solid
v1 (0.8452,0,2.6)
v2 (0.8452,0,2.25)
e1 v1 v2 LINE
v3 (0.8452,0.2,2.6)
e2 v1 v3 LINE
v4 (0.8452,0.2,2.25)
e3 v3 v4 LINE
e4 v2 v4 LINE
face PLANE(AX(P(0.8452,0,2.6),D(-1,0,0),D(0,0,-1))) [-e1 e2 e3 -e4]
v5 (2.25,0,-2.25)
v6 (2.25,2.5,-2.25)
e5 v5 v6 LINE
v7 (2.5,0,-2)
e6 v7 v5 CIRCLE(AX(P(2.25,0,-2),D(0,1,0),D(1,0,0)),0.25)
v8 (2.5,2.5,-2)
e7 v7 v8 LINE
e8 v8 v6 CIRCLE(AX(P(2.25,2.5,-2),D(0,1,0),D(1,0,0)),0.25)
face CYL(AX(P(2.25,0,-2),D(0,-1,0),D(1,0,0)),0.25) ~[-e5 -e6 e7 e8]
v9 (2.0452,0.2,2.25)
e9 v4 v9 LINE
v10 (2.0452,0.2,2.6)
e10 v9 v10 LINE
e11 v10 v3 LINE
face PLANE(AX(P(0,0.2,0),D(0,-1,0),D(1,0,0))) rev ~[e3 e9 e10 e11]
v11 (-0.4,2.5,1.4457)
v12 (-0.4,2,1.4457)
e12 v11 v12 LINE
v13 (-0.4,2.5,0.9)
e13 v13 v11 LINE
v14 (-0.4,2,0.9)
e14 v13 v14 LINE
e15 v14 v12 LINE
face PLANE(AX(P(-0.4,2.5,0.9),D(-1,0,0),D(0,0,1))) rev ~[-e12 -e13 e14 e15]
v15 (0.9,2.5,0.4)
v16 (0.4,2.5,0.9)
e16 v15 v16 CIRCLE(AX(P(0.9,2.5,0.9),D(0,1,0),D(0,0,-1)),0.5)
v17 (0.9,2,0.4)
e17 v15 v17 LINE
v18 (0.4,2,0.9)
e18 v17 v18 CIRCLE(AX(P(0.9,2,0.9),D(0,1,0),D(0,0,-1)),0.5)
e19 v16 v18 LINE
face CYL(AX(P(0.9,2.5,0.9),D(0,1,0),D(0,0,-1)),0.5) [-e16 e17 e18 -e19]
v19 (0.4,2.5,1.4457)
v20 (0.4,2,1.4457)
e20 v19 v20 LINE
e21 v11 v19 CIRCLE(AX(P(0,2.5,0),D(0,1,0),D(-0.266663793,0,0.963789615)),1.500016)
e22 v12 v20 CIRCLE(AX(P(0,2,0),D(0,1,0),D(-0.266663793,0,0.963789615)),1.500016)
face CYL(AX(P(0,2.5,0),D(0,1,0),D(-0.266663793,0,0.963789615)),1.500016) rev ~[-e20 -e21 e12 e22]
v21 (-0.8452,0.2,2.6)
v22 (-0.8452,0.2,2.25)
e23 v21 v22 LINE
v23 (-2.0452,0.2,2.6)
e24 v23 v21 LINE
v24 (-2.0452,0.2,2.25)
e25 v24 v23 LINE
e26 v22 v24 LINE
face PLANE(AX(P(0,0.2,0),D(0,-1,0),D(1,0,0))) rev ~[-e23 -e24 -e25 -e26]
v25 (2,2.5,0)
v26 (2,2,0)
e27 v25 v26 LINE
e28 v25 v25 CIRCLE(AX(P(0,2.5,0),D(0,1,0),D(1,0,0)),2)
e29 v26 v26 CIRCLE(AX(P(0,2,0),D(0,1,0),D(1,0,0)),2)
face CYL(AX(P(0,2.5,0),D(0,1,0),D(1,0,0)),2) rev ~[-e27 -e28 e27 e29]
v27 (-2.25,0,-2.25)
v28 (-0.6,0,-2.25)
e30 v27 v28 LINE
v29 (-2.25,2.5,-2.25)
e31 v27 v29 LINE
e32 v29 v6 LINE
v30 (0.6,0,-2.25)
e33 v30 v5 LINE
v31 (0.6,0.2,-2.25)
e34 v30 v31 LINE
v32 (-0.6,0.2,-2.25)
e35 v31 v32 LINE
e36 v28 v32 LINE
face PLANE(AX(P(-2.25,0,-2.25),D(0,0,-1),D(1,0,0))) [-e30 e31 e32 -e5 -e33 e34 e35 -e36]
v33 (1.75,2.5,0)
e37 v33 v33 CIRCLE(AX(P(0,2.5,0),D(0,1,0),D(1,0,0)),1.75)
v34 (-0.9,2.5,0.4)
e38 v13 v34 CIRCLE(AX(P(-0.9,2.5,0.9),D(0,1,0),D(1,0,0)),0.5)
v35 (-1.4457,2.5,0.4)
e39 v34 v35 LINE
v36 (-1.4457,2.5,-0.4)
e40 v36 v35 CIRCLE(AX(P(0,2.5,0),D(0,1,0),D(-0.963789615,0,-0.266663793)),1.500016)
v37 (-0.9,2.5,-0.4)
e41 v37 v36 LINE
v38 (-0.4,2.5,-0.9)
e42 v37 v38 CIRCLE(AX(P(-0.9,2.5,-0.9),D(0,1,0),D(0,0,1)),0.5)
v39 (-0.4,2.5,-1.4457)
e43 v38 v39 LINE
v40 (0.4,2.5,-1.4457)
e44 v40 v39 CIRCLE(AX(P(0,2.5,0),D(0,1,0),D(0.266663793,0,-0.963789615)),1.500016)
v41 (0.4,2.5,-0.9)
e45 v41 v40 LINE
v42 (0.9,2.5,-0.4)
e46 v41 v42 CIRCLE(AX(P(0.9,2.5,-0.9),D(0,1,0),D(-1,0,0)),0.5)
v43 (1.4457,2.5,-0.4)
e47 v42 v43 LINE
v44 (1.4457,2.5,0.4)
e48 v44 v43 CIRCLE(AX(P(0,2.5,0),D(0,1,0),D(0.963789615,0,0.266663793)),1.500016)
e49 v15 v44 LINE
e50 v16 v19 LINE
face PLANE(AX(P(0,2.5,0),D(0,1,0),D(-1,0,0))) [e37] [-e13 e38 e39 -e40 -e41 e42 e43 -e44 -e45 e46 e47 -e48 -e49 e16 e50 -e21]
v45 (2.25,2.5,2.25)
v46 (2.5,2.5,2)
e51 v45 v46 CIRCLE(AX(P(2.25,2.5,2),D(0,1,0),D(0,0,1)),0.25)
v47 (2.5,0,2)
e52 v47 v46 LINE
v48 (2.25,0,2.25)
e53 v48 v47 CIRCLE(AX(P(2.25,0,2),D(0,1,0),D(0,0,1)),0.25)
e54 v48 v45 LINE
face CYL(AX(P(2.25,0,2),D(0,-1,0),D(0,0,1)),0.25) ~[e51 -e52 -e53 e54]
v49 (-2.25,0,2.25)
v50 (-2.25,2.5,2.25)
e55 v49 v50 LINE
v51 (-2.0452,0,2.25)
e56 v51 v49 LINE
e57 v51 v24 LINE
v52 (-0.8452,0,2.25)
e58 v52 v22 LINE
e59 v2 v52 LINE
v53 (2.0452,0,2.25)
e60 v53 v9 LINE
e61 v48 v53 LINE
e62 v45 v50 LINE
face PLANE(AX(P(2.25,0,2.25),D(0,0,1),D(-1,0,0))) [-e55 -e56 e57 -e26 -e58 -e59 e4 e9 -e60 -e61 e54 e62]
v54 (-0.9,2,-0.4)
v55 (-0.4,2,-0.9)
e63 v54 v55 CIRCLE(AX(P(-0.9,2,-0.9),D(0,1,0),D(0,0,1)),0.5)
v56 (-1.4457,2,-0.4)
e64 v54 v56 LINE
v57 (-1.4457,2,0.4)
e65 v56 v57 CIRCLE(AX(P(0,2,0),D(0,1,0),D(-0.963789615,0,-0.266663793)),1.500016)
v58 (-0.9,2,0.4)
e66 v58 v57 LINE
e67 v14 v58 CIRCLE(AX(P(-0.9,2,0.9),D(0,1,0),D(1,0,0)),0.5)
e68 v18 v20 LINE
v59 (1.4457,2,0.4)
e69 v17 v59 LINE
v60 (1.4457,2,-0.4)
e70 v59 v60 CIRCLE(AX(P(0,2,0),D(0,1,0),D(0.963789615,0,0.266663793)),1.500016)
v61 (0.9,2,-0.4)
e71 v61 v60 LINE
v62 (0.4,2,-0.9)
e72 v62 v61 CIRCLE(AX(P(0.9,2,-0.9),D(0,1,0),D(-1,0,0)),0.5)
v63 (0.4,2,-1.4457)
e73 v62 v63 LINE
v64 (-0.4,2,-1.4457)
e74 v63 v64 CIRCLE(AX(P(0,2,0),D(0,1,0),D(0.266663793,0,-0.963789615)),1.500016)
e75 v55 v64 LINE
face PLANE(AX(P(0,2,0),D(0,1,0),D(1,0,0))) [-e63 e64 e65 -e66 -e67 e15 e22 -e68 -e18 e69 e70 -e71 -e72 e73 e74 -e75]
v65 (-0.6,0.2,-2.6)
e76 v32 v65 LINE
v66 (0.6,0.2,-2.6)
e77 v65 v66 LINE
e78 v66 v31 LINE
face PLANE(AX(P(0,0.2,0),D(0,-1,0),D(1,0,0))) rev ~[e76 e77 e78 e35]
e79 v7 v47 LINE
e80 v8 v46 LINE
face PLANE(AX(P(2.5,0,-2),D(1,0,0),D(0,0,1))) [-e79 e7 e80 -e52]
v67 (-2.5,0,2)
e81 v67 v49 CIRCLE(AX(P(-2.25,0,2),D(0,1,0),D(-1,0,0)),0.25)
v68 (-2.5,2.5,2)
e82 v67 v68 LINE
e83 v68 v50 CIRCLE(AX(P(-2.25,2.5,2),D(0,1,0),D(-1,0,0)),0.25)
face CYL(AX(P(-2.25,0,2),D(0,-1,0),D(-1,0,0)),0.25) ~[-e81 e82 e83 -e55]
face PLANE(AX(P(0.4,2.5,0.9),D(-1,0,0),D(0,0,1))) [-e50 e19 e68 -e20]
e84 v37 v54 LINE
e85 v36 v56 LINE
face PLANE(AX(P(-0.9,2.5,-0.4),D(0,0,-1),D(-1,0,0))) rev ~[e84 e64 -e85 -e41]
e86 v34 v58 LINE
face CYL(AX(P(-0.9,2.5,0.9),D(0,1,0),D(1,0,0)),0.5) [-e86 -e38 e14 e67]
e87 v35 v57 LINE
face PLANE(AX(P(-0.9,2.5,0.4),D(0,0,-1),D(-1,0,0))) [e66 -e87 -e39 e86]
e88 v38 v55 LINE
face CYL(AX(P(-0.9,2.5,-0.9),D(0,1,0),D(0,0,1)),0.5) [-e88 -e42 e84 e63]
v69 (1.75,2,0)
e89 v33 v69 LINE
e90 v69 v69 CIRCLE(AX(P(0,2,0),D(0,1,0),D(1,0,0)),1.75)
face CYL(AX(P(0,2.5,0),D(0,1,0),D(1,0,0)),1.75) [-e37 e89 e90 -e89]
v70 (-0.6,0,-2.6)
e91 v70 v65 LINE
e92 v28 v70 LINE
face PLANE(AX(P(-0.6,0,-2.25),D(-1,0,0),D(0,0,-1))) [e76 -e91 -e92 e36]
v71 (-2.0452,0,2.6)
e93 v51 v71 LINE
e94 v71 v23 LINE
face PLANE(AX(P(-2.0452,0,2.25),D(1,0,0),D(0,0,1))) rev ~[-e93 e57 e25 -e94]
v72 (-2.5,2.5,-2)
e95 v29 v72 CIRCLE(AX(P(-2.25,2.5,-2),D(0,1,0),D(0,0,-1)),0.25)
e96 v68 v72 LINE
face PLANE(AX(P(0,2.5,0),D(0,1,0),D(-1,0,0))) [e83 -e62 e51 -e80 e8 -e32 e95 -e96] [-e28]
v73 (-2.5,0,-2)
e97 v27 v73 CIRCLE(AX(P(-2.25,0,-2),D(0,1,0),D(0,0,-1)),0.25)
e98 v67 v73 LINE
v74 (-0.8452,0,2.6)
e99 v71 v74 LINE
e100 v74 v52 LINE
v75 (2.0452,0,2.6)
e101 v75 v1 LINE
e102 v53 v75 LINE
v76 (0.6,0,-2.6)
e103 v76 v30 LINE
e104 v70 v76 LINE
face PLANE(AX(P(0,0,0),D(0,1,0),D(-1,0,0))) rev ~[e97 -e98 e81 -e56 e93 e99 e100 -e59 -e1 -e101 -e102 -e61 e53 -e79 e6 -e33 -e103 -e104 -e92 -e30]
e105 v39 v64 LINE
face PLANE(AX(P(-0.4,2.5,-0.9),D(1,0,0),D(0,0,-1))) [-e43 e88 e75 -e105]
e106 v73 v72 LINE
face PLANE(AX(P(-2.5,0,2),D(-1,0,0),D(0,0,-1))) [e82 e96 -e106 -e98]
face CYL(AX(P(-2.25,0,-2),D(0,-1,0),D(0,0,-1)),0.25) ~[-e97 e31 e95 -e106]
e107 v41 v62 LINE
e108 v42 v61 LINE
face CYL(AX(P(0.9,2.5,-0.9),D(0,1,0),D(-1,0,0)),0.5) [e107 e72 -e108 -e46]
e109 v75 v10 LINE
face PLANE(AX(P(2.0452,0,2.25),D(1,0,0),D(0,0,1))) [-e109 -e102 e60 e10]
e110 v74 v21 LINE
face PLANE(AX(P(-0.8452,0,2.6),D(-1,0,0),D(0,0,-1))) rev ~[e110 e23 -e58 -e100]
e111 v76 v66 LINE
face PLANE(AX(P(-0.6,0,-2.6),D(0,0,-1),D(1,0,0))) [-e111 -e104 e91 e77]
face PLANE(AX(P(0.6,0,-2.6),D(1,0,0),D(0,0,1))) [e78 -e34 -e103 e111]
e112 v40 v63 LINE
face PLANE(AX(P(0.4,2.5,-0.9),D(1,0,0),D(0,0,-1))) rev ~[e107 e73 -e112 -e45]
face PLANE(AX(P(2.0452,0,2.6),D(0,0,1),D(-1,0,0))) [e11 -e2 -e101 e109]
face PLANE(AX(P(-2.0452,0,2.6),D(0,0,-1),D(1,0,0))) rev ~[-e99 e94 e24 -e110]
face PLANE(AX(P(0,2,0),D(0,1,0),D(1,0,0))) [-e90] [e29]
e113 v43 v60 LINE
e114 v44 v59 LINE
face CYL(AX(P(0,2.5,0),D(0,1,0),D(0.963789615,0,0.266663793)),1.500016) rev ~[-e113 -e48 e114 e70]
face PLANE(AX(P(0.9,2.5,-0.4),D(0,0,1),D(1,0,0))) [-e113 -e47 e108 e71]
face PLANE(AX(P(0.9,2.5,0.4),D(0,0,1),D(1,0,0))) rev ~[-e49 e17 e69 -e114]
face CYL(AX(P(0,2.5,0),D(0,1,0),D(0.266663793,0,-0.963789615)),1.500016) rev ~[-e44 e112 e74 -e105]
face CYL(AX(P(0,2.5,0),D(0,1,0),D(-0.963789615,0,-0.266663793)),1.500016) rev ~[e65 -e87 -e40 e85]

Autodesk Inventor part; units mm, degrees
ref_plane "YZ Plane" through (0, 0, 0) normal (1, 0, 0) x (0, 1, 0)
ref_plane "XZ Plane" through (0, 0, 0) normal (0, 1, 0) x (-1, 0, 0)
ref_plane "XY Plane" through (0, 0, 0) normal (0, 0, 1) x (1, 0, 0)
sketch "スケッチ1" plane through (0, 0, 0) normal (0, 1, 0) x (-1, 0, 0)
  line L0 (2.25, -2.25) -> (-2.25, -2.25)
  line L1 (-2.5, -2) -> (-2.5, 2)
  line L2 (-2.25, 2.25) -> (2.25, 2.25)
  line L3 (2.5, 2) -> (2.5, -2)
  line L4 (2.5, 0) -> (-2.5, 0) construction
  line L5 (0, -2.25) -> (0, 2.25) construction
  arc A0 (2.25, -2.25) -> (2.5, -2) centre (2.25, -2) ccw
  arc A1 (-2.5, -2) -> (-2.25, -2.25) centre (-2.25, -2) ccw
  arc A2 (-2.25, 2.25) -> (-2.5, 2) centre (-2.25, 2) ccw
  arc A3 (2.5, 2) -> (2.25, 2.25) centre (2.25, 2) ccw
  point P0 (0, 0)
  point P1 (2.5, -2.25)
  point P2 (-2.5, -2.25)
  point P3 (2.5, 2.25)
  dimension "d0" = 4.5
  dimension "d1" = 5
  dimension "d2" = 0.25
extrude "押し出し1" add sketch "スケッチ1" along normal blind 2.5
sketch "スケッチ2" plane through (0, 2.5, 0) normal (0, 1, 0) x (1, 0, 0)
  circle A0 centre (0, 0) radius 1.75
  circle A1 centre (0, 0) radius 2
  line L0 (1.5, 0) -> (0, 0) construction
  line L1 (0, 0) -> (0, 1.5) construction
  arc A2 (0.4, 1.4457) -> (-0.4, 1.4457) centre (0, 0) ccw
  arc A3 (1.4457, -0.4) -> (1.4457, 0.4) centre (0, 0) ccw
  arc A4 (0.4, 0.9) -> (0.9, 0.4) centre (0.9, 0.9) ccw
  line L2 (0.9, 0.4) -> (1.4457, 0.4)
  line L3 (0.4, 0.9) -> (0.4, 1.4457)
  arc A5 (-0.4, -1.4457) -> (0.4, -1.4457) centre (0, 0) ccw
  arc A6 (0.9, -0.4) -> (0.4, -0.9) centre (0.9, -0.9) ccw
  line L4 (0.9, -0.4) -> (1.4457, -0.4)
  line L5 (0.4, -0.9) -> (0.4, -1.4457)
  arc A7 (-1.4457, 0.4) -> (-1.4457, -0.4) centre (0, 0) ccw
  arc A8 (-0.9, 0.4) -> (-0.4, 0.9) centre (-0.9, 0.9) ccw
  line L6 (-0.9, 0.4) -> (-1.4457, 0.4)
  line L7 (-0.4, 0.9) -> (-0.4, 1.4457)
  line L8 (-0.4, -0.9) -> (-0.4, -1.4457)
  arc A9 (-0.4, -0.9) -> (-0.9, -0.4) centre (-0.9, -0.9) ccw
  line L9 (-0.9, -0.4) -> (-1.4457, -0.4)
  point P0 (0, -1.5)
  dimension "d5" = 0.8
  dimension "d6" = 0.8
  dimension "d7" = 1.5
  dimension "d8" = 0.5
  dimension "d9" = 3.5
  dimension "d10" = 4
extrude "押し出し2" cut sketch "スケッチ2" against normal blind 0.5
sketch "スケッチ3" plane through (0, 0, 0) normal (0, -1, 0) x (1, 0, 0)
  line L0 (2.25, -2.25) -> (-2.25, -2.25) construction
  line L1 (0.6, -2.25) -> (-0.6, -2.25)
  line L2 (-0.6, -2.25) -> (-0.6, -2.6)
  line L3 (-0.6, -2.6) -> (0.6, -2.6)
  line L4 (0.6, -2.6) -> (0.6, -2.25)
  line L5 (2.25, 2.25) -> (-2.25, 2.25) construction
  line L6 (-0.8452, 2.25) -> (-2.0452, 2.25)
  line L7 (-2.0452, 2.25) -> (-2.0452, 2.6)
  line L8 (-2.0452, 2.6) -> (-0.8452, 2.6)
  line L9 (-0.8452, 2.6) -> (-0.8452, 2.25)
  line L10 (0, 0) -> (0, 2.25) construction
  line L11 (0, 0) -> (-3.3171, 0) construction
  line L12 (0.8452, 2.25) -> (2.0452, 2.25)
  line L13 (2.0452, 2.25) -> (2.0452, 2.6)
  line L14 (2.0452, 2.6) -> (0.8452, 2.6)
  line L15 (0.8452, 2.6) -> (0.8452, 2.25)
  dimension "d14" = 5.2
  dimension "d15" = 1.2
  dimension "d16" = 1.2
extrude "押し出し3" add sketch "スケッチ3" against normal blind 0.2
properties part number "20_018_SMD_VOLUME_G43A_R1"
